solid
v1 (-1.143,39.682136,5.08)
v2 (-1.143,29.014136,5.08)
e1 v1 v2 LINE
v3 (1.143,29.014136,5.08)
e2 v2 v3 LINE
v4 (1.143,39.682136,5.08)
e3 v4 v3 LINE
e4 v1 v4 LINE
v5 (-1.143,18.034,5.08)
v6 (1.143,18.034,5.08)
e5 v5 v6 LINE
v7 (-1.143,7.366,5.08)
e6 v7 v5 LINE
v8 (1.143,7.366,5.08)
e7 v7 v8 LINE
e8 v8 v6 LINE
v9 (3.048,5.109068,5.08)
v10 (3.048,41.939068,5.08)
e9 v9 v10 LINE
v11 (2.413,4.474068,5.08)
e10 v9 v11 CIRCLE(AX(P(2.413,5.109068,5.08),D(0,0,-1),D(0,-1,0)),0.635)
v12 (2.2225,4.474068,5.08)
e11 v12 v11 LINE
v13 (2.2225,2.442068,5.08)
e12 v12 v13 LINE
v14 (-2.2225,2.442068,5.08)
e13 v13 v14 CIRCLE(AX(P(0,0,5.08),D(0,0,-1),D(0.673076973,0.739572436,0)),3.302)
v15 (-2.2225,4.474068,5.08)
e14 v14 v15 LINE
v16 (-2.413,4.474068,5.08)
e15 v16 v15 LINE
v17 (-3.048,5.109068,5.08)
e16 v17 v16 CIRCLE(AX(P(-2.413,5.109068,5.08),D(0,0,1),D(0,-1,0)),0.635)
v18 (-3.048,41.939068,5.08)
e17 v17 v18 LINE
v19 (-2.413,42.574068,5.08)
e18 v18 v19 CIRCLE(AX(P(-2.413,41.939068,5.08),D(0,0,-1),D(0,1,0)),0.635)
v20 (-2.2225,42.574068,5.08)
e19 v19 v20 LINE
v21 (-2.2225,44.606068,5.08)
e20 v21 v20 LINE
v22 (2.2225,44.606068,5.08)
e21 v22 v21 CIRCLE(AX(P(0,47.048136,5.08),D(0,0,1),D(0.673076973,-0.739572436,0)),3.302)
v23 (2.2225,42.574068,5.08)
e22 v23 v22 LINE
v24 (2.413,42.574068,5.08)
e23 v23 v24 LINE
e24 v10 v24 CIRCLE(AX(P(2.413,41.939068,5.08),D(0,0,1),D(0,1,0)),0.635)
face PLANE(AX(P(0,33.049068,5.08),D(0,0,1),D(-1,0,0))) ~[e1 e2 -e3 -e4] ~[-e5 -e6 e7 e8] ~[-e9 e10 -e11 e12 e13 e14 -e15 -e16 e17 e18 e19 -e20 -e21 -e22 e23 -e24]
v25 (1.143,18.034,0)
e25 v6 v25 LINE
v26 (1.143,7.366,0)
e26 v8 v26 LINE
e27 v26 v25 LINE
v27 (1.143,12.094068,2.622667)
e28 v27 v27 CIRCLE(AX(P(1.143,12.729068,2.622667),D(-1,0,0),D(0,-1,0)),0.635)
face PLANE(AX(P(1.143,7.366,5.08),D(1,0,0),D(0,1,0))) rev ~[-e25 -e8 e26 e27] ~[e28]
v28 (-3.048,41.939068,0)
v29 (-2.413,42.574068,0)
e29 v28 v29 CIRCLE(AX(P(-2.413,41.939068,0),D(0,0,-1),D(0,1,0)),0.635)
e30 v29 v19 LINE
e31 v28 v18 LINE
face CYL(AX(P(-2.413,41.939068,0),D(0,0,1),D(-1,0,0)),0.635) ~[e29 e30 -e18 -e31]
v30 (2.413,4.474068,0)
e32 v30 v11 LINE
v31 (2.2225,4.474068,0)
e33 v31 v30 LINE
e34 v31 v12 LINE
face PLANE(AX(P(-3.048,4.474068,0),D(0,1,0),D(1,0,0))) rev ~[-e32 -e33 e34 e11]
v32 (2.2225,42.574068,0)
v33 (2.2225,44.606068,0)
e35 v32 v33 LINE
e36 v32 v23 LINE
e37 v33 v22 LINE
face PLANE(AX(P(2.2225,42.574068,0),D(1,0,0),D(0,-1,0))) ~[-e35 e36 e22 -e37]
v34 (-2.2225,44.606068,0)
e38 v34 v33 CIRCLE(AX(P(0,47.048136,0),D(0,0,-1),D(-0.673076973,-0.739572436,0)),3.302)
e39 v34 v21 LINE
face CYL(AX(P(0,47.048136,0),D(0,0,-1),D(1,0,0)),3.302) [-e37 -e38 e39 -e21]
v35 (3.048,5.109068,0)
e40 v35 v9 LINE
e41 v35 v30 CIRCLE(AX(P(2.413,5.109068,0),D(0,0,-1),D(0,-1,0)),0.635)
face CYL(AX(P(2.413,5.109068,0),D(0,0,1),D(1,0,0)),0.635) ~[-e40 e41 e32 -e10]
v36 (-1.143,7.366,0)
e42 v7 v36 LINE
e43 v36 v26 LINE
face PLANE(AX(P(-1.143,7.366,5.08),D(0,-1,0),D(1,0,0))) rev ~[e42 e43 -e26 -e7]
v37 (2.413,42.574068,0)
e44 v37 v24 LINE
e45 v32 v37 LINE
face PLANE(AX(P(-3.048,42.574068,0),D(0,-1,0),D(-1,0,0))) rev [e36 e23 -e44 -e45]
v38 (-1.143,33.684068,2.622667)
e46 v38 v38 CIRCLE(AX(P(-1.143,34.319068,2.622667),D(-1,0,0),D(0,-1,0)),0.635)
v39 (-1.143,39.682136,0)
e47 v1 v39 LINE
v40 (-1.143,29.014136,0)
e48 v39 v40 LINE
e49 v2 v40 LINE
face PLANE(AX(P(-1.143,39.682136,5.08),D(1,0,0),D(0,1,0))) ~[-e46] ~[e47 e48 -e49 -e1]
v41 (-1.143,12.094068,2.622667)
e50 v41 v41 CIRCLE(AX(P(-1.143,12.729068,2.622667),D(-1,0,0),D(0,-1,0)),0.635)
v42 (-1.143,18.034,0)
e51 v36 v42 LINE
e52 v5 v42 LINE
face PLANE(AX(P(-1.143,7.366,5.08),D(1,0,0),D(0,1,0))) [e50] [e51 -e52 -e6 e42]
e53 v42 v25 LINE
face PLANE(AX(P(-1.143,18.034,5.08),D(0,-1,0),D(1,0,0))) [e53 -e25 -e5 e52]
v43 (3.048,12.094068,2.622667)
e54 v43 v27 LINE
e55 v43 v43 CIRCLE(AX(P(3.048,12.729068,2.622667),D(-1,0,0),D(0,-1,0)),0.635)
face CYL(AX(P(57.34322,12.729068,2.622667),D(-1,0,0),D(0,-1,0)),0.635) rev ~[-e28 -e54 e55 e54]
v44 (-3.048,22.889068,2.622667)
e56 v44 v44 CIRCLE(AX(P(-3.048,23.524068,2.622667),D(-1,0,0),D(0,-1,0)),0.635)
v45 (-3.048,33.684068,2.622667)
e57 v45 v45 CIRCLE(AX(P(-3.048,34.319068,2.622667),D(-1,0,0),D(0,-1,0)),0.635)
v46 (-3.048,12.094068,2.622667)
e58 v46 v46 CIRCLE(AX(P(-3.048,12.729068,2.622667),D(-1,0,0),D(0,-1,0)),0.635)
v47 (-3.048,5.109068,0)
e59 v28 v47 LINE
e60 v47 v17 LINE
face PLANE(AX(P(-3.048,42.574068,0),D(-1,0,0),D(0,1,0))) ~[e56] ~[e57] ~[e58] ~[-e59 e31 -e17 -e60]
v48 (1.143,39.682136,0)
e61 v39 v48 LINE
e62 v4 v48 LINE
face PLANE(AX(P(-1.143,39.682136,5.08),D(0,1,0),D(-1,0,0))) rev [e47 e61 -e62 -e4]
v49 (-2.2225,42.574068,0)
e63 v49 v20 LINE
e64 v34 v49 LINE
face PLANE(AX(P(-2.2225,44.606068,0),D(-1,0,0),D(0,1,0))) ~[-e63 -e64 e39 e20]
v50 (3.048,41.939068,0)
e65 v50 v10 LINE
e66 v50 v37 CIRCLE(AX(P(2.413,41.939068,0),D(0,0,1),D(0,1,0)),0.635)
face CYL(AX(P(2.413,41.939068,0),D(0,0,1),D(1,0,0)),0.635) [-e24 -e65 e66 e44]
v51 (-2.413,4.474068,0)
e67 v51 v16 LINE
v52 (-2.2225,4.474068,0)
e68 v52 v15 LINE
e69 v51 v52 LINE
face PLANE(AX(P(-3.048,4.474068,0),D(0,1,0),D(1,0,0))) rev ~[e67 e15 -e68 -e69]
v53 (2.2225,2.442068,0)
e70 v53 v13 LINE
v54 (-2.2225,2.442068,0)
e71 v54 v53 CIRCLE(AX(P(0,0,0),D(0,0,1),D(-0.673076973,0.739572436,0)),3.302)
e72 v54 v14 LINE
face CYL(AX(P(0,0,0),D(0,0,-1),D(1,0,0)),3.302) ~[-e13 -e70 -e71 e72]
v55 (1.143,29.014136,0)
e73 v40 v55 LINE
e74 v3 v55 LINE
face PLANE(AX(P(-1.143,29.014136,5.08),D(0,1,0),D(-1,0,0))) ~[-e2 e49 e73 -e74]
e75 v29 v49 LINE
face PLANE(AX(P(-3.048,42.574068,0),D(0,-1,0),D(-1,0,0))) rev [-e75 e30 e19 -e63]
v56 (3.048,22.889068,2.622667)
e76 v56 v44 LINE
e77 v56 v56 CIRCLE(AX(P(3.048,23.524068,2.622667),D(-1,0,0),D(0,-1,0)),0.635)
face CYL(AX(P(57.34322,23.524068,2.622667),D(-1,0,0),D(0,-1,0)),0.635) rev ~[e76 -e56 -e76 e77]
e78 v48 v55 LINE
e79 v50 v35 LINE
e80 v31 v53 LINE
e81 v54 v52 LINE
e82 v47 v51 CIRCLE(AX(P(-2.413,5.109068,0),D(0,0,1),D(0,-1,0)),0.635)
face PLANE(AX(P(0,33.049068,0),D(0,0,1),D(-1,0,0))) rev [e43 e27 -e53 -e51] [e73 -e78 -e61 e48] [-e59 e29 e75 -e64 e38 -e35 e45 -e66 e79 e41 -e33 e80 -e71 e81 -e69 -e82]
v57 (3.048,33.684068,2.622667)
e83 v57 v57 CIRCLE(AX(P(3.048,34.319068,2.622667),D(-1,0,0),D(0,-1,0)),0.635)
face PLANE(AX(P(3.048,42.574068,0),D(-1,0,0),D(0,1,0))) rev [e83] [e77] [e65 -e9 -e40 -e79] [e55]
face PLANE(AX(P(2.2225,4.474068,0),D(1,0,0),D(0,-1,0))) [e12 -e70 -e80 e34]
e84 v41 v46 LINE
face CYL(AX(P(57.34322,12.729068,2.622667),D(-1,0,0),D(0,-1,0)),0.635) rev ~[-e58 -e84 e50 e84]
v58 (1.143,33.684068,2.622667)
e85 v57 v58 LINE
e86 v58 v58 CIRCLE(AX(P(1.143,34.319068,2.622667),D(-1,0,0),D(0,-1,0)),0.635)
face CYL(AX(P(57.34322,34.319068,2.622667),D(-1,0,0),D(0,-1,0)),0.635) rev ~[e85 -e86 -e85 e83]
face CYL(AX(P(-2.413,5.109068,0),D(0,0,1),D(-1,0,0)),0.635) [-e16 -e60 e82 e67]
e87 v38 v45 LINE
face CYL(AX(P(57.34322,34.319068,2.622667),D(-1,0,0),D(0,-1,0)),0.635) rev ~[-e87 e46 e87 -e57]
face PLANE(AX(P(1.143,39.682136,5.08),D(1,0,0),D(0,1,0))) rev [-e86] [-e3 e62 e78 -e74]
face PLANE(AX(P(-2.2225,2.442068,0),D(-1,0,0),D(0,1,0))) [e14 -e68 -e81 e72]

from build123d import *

# Parameters (mm, degrees)
F0_R     = 3.302
F1_DEPTH = 5.08
F3_DEPTH = 5.08
F4_W     = 6.096
F4_H     = 19.05
F5_DEPTH = 5.08
F6_R     = 0.635
F7_W     = 2.286
F7_H     = 10.668
F8_DEPTH = 25.4
F11_D    = 1.27


with BuildPart() as f1:
    # F0 (on Top) → F1 (new body)
    with BuildSketch(Plane.XY):
        Circle(F0_R)
    extrude(amount=F1_DEPTH)

    # F2 (on face) → F3 (join, through all)
    with BuildSketch(Plane(origin=(0, 0, 0), x_dir=(1, 0, 0), z_dir=(0, 0, -1))):
        with BuildLine():
            ThreePointArc((2.2225, -2.442068), (0, -3.302), (-2.2225, -2.442068))
            Line((-2.2225, -2.442068), (-2.2225, -4.474068))
            Line((-2.2225, -4.474068), (2.2225, -4.474068))
            Line((2.2225, -4.474068), (2.2225, -2.442068))
        make_face()
    extrude(amount=-F3_DEPTH)

    # F4 (on Top) → F5 (join, through all)
    with BuildSketch(Plane.XY):
        with Locations((0, 13.999068)):
            Rectangle(F4_W, F4_H)
    extrude(amount=F5_DEPTH)

    # F6
    f6_edges = [f1.edges().sort_by_distance(p)[0] for p in [
        (3.048, 4.474068, 2.54),
        (-3.048, 4.474068, 2.54),
    ]]
    fillet(f6_edges, radius=F6_R)

    # F7 (on face) → F8 (cut)
    with BuildSketch(Plane.XY.offset(5.08)):
        with Locations((0, 12.7)):
            Rectangle(F7_W, F7_H)
    extrude(amount=-F8_DEPTH, mode=Mode.SUBTRACT)

    # F9: F1 across face


with BuildPart() as f1_1:
    add(f1.part)
    add(f1.part.mirror(Plane(origin=(0, 23.524068, 2.54), x_dir=(-1, 0, 0), z_dir=(0, 1, 0))))

    # F11 (through all)
    with Locations(Plane.YZ.offset(3.048)):
        with Locations((12.729068, 2.622667), (23.524068, 2.622667), (34.319068, 2.622667)):
            Hole(F11_D / 2)


solid = f1_1.part
